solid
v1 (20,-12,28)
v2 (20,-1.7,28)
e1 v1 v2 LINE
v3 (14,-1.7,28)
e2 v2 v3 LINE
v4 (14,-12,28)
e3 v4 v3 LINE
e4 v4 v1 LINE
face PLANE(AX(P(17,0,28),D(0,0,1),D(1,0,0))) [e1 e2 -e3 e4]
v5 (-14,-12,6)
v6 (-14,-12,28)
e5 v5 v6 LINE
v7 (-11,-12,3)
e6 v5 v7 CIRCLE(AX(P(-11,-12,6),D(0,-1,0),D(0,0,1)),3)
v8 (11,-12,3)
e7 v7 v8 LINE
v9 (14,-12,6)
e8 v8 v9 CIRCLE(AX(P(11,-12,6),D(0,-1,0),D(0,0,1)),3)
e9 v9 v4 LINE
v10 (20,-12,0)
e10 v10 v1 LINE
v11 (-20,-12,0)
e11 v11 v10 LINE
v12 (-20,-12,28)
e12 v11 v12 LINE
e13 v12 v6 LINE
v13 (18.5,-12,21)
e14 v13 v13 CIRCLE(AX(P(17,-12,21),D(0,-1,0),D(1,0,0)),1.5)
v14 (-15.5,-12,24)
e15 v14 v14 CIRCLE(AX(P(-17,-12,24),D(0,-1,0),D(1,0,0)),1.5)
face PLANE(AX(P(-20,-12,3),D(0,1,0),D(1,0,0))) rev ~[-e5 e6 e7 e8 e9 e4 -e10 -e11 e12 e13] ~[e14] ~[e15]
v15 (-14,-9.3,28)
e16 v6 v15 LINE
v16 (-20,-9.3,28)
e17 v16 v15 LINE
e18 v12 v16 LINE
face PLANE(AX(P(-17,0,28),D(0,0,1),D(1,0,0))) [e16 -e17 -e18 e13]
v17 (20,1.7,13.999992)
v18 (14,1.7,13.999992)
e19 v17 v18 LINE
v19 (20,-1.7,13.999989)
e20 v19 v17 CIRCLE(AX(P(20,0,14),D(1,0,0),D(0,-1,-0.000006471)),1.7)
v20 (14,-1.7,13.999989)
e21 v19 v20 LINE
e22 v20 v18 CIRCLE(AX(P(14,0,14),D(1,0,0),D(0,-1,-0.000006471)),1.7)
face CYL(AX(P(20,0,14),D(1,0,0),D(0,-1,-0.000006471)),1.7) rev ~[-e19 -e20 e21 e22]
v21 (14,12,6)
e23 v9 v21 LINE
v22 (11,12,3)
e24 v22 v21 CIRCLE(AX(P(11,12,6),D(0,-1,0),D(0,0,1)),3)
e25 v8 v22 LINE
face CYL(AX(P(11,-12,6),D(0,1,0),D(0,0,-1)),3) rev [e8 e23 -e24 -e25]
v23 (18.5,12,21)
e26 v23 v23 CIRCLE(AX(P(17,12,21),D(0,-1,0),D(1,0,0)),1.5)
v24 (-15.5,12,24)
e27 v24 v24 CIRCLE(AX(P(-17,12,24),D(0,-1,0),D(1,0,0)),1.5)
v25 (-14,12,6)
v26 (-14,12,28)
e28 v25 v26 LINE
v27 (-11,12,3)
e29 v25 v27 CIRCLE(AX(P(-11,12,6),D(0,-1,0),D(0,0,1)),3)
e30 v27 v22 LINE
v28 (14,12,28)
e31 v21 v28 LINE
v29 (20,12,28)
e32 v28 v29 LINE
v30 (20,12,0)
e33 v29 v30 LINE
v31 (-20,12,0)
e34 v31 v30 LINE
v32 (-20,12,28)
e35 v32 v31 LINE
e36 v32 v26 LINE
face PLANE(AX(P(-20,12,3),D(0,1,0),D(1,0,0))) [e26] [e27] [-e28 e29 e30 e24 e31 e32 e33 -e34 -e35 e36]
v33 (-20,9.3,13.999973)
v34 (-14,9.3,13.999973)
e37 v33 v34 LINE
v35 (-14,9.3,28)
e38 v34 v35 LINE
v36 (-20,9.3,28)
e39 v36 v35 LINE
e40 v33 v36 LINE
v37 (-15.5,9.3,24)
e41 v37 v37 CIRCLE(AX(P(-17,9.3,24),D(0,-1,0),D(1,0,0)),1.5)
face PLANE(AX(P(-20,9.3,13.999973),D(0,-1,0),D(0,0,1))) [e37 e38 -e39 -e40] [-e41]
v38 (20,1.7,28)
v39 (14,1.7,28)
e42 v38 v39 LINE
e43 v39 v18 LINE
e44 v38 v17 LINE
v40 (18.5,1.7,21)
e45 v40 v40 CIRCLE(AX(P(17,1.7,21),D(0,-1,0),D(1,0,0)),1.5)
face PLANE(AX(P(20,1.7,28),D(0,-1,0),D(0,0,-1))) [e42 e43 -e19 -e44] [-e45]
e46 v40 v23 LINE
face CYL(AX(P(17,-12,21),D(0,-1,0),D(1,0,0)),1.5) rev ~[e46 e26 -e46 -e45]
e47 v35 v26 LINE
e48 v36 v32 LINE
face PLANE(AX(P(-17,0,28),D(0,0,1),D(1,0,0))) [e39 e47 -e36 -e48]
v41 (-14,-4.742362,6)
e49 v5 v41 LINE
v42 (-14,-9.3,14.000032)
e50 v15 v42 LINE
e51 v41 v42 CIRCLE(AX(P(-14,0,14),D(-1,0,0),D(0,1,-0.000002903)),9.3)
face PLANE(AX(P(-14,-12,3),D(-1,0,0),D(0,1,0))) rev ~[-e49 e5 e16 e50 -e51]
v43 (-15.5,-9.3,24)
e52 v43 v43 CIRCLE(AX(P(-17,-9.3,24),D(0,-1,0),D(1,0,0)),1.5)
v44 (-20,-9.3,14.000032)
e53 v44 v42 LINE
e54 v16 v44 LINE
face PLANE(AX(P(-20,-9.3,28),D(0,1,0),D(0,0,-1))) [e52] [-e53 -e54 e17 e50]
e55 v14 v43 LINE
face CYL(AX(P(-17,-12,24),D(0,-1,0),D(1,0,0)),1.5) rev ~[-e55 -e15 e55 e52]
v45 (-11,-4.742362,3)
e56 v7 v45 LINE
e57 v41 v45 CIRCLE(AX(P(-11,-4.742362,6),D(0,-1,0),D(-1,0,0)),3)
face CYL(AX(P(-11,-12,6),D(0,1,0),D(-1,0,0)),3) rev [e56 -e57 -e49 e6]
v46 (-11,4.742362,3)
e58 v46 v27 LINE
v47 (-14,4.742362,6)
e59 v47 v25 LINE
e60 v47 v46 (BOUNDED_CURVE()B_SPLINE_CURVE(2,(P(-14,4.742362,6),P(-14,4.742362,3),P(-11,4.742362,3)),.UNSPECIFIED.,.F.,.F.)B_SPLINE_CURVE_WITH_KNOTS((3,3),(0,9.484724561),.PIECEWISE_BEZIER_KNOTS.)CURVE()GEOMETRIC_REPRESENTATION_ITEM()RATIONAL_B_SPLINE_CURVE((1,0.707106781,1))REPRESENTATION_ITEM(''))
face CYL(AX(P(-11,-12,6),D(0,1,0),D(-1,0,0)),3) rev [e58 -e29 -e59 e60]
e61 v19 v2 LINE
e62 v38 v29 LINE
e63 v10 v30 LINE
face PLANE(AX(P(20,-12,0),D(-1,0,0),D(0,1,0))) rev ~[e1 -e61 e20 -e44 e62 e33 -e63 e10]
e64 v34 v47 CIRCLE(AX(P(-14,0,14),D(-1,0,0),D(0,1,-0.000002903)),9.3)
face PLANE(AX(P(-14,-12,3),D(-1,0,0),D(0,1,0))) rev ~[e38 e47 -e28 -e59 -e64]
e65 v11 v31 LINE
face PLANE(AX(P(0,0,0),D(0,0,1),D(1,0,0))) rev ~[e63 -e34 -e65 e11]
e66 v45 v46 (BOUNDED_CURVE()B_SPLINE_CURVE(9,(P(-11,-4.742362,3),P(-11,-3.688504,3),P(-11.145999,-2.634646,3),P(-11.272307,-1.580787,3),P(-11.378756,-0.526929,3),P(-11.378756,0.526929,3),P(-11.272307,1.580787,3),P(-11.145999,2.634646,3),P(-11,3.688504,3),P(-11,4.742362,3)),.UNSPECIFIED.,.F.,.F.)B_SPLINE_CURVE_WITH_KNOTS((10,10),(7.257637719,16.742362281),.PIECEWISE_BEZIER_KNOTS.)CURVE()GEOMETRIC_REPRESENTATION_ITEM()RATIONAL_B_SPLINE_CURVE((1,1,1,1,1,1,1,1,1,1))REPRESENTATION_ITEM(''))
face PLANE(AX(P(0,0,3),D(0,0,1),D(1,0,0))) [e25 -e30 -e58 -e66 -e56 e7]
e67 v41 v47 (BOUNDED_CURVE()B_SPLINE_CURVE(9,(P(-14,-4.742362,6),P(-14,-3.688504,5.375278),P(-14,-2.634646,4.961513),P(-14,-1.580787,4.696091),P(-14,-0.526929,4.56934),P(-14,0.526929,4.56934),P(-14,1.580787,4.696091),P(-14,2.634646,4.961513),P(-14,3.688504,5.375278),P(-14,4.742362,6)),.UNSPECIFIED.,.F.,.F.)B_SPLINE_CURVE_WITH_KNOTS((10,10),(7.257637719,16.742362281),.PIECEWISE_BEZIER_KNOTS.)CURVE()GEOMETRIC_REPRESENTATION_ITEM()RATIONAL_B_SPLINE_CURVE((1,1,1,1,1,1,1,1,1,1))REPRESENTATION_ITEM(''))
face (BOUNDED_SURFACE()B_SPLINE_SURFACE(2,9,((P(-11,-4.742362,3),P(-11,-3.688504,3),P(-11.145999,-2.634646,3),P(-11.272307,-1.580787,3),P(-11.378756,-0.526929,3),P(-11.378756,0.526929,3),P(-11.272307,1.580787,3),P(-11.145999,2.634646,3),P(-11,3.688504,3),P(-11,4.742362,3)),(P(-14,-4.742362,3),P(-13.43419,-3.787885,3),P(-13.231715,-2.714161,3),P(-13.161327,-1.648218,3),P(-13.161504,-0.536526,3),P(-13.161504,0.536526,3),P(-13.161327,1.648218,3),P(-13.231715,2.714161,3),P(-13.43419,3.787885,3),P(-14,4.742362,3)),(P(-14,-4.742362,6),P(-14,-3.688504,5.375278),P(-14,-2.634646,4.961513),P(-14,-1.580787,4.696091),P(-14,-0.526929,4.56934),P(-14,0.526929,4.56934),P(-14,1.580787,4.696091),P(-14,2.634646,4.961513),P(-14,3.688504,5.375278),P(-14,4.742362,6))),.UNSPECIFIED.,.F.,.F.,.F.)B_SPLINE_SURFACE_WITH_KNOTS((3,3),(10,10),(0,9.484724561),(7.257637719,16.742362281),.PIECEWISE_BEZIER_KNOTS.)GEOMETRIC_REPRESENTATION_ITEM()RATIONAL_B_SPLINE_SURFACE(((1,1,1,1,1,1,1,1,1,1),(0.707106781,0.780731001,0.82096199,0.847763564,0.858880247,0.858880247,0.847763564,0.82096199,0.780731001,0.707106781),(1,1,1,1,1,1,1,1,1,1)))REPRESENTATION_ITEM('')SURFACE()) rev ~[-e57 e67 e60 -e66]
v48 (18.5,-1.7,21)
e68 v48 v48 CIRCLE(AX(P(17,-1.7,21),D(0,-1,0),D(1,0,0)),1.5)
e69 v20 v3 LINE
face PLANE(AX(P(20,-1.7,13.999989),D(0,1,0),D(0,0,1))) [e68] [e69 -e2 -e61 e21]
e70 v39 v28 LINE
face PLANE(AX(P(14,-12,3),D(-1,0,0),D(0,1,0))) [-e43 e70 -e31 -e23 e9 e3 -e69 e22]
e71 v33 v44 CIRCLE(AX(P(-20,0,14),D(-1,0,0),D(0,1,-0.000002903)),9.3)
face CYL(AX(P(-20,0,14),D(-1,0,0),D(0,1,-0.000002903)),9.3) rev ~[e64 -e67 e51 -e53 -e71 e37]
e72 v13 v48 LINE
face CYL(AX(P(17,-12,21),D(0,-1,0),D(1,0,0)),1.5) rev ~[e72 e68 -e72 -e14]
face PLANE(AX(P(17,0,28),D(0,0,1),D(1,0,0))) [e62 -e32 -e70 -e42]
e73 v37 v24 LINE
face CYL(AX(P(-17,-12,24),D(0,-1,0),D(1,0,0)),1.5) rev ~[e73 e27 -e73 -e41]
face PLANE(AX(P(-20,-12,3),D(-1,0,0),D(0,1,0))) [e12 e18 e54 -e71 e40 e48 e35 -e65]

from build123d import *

# Parameters (mm, degrees)
SKETCH_W        = 40
SKETCH_H        = 24
PAD_DEPTH       = 3
SKETCH001_W     = 6
SKETCH001_H     = 24
PAD001_DEPTH    = 25
POCKET_DEPTH    = 6
POCKET001_DEPTH = 6
SKETCH005_R     = 1.5
POCKET002_DEPTH = 24.001
FILLET_R        = 3


with BuildPart() as part:
    # Sketch → Pad (new body)
    with BuildSketch(Plane.XY):
        Rectangle(SKETCH_W, SKETCH_H)
    extrude(amount=PAD_DEPTH)

    # Sketch001 (on Face6 of Pad) → Pad001 (join)
    with BuildSketch(Plane.XY.offset(3)):
        with Locations((-17, 0)):
            Rectangle(SKETCH001_W, SKETCH001_H)
        with Locations((17, 0)):
            Rectangle(SKETCH001_W, SKETCH001_H)
    extrude(amount=PAD001_DEPTH)

    # Sketch002 (on Face9 of Pad001) → Pocket (cut)
    with BuildSketch(Plane.YZ.offset(20)):
        with BuildLine():
            Line((-1.7, 28), (1.7, 28))
            Line((1.7, 28), (1.7, 13.999992))
            ThreePointArc((-1.7, 13.999989), (1e-06, 12.3), (1.7, 13.999992))
            Line((-1.7, 13.999989), (-1.7, 28))
        make_face()
    extrude(amount=-POCKET_DEPTH, mode=Mode.SUBTRACT)

    # Sketch004 (on Face12 of Pocket) → Pocket001 (cut)
    with BuildSketch(Plane(origin=(-20, 0, 0), x_dir=(0, -1, 0), z_dir=(-1, 0, 0))):
        with BuildLine():
            Line((-9.3, 28), (9.3, 28))
            Line((9.3, 28), (9.3, 14.000032))
            ThreePointArc((-9.3, 13.999973), (3e-05, 4.7), (9.3, 14.000032))
            Line((-9.3, 13.999973), (-9.3, 28))
        make_face()
    extrude(amount=-POCKET001_DEPTH, mode=Mode.SUBTRACT)

    # Sketch005 (on Face10 of Pocket001) → Pocket002 (cut, through all)
    with BuildSketch(Plane.XZ.offset(12)):
        with Locations((17, 21)):
            Circle(SKETCH005_R)
        with Locations((-17, 24)):
            Circle(SKETCH005_R)
    extrude(amount=-POCKET002_DEPTH, mode=Mode.SUBTRACT)

    # Fillet
    fillet_edges = [part.edges().sort_by_distance(p)[0] for p in [
        (-14, 0, 3),
        (14, 0, 3),
    ]]
    fillet(fillet_edges, radius=FILLET_R)


solid = part.part
